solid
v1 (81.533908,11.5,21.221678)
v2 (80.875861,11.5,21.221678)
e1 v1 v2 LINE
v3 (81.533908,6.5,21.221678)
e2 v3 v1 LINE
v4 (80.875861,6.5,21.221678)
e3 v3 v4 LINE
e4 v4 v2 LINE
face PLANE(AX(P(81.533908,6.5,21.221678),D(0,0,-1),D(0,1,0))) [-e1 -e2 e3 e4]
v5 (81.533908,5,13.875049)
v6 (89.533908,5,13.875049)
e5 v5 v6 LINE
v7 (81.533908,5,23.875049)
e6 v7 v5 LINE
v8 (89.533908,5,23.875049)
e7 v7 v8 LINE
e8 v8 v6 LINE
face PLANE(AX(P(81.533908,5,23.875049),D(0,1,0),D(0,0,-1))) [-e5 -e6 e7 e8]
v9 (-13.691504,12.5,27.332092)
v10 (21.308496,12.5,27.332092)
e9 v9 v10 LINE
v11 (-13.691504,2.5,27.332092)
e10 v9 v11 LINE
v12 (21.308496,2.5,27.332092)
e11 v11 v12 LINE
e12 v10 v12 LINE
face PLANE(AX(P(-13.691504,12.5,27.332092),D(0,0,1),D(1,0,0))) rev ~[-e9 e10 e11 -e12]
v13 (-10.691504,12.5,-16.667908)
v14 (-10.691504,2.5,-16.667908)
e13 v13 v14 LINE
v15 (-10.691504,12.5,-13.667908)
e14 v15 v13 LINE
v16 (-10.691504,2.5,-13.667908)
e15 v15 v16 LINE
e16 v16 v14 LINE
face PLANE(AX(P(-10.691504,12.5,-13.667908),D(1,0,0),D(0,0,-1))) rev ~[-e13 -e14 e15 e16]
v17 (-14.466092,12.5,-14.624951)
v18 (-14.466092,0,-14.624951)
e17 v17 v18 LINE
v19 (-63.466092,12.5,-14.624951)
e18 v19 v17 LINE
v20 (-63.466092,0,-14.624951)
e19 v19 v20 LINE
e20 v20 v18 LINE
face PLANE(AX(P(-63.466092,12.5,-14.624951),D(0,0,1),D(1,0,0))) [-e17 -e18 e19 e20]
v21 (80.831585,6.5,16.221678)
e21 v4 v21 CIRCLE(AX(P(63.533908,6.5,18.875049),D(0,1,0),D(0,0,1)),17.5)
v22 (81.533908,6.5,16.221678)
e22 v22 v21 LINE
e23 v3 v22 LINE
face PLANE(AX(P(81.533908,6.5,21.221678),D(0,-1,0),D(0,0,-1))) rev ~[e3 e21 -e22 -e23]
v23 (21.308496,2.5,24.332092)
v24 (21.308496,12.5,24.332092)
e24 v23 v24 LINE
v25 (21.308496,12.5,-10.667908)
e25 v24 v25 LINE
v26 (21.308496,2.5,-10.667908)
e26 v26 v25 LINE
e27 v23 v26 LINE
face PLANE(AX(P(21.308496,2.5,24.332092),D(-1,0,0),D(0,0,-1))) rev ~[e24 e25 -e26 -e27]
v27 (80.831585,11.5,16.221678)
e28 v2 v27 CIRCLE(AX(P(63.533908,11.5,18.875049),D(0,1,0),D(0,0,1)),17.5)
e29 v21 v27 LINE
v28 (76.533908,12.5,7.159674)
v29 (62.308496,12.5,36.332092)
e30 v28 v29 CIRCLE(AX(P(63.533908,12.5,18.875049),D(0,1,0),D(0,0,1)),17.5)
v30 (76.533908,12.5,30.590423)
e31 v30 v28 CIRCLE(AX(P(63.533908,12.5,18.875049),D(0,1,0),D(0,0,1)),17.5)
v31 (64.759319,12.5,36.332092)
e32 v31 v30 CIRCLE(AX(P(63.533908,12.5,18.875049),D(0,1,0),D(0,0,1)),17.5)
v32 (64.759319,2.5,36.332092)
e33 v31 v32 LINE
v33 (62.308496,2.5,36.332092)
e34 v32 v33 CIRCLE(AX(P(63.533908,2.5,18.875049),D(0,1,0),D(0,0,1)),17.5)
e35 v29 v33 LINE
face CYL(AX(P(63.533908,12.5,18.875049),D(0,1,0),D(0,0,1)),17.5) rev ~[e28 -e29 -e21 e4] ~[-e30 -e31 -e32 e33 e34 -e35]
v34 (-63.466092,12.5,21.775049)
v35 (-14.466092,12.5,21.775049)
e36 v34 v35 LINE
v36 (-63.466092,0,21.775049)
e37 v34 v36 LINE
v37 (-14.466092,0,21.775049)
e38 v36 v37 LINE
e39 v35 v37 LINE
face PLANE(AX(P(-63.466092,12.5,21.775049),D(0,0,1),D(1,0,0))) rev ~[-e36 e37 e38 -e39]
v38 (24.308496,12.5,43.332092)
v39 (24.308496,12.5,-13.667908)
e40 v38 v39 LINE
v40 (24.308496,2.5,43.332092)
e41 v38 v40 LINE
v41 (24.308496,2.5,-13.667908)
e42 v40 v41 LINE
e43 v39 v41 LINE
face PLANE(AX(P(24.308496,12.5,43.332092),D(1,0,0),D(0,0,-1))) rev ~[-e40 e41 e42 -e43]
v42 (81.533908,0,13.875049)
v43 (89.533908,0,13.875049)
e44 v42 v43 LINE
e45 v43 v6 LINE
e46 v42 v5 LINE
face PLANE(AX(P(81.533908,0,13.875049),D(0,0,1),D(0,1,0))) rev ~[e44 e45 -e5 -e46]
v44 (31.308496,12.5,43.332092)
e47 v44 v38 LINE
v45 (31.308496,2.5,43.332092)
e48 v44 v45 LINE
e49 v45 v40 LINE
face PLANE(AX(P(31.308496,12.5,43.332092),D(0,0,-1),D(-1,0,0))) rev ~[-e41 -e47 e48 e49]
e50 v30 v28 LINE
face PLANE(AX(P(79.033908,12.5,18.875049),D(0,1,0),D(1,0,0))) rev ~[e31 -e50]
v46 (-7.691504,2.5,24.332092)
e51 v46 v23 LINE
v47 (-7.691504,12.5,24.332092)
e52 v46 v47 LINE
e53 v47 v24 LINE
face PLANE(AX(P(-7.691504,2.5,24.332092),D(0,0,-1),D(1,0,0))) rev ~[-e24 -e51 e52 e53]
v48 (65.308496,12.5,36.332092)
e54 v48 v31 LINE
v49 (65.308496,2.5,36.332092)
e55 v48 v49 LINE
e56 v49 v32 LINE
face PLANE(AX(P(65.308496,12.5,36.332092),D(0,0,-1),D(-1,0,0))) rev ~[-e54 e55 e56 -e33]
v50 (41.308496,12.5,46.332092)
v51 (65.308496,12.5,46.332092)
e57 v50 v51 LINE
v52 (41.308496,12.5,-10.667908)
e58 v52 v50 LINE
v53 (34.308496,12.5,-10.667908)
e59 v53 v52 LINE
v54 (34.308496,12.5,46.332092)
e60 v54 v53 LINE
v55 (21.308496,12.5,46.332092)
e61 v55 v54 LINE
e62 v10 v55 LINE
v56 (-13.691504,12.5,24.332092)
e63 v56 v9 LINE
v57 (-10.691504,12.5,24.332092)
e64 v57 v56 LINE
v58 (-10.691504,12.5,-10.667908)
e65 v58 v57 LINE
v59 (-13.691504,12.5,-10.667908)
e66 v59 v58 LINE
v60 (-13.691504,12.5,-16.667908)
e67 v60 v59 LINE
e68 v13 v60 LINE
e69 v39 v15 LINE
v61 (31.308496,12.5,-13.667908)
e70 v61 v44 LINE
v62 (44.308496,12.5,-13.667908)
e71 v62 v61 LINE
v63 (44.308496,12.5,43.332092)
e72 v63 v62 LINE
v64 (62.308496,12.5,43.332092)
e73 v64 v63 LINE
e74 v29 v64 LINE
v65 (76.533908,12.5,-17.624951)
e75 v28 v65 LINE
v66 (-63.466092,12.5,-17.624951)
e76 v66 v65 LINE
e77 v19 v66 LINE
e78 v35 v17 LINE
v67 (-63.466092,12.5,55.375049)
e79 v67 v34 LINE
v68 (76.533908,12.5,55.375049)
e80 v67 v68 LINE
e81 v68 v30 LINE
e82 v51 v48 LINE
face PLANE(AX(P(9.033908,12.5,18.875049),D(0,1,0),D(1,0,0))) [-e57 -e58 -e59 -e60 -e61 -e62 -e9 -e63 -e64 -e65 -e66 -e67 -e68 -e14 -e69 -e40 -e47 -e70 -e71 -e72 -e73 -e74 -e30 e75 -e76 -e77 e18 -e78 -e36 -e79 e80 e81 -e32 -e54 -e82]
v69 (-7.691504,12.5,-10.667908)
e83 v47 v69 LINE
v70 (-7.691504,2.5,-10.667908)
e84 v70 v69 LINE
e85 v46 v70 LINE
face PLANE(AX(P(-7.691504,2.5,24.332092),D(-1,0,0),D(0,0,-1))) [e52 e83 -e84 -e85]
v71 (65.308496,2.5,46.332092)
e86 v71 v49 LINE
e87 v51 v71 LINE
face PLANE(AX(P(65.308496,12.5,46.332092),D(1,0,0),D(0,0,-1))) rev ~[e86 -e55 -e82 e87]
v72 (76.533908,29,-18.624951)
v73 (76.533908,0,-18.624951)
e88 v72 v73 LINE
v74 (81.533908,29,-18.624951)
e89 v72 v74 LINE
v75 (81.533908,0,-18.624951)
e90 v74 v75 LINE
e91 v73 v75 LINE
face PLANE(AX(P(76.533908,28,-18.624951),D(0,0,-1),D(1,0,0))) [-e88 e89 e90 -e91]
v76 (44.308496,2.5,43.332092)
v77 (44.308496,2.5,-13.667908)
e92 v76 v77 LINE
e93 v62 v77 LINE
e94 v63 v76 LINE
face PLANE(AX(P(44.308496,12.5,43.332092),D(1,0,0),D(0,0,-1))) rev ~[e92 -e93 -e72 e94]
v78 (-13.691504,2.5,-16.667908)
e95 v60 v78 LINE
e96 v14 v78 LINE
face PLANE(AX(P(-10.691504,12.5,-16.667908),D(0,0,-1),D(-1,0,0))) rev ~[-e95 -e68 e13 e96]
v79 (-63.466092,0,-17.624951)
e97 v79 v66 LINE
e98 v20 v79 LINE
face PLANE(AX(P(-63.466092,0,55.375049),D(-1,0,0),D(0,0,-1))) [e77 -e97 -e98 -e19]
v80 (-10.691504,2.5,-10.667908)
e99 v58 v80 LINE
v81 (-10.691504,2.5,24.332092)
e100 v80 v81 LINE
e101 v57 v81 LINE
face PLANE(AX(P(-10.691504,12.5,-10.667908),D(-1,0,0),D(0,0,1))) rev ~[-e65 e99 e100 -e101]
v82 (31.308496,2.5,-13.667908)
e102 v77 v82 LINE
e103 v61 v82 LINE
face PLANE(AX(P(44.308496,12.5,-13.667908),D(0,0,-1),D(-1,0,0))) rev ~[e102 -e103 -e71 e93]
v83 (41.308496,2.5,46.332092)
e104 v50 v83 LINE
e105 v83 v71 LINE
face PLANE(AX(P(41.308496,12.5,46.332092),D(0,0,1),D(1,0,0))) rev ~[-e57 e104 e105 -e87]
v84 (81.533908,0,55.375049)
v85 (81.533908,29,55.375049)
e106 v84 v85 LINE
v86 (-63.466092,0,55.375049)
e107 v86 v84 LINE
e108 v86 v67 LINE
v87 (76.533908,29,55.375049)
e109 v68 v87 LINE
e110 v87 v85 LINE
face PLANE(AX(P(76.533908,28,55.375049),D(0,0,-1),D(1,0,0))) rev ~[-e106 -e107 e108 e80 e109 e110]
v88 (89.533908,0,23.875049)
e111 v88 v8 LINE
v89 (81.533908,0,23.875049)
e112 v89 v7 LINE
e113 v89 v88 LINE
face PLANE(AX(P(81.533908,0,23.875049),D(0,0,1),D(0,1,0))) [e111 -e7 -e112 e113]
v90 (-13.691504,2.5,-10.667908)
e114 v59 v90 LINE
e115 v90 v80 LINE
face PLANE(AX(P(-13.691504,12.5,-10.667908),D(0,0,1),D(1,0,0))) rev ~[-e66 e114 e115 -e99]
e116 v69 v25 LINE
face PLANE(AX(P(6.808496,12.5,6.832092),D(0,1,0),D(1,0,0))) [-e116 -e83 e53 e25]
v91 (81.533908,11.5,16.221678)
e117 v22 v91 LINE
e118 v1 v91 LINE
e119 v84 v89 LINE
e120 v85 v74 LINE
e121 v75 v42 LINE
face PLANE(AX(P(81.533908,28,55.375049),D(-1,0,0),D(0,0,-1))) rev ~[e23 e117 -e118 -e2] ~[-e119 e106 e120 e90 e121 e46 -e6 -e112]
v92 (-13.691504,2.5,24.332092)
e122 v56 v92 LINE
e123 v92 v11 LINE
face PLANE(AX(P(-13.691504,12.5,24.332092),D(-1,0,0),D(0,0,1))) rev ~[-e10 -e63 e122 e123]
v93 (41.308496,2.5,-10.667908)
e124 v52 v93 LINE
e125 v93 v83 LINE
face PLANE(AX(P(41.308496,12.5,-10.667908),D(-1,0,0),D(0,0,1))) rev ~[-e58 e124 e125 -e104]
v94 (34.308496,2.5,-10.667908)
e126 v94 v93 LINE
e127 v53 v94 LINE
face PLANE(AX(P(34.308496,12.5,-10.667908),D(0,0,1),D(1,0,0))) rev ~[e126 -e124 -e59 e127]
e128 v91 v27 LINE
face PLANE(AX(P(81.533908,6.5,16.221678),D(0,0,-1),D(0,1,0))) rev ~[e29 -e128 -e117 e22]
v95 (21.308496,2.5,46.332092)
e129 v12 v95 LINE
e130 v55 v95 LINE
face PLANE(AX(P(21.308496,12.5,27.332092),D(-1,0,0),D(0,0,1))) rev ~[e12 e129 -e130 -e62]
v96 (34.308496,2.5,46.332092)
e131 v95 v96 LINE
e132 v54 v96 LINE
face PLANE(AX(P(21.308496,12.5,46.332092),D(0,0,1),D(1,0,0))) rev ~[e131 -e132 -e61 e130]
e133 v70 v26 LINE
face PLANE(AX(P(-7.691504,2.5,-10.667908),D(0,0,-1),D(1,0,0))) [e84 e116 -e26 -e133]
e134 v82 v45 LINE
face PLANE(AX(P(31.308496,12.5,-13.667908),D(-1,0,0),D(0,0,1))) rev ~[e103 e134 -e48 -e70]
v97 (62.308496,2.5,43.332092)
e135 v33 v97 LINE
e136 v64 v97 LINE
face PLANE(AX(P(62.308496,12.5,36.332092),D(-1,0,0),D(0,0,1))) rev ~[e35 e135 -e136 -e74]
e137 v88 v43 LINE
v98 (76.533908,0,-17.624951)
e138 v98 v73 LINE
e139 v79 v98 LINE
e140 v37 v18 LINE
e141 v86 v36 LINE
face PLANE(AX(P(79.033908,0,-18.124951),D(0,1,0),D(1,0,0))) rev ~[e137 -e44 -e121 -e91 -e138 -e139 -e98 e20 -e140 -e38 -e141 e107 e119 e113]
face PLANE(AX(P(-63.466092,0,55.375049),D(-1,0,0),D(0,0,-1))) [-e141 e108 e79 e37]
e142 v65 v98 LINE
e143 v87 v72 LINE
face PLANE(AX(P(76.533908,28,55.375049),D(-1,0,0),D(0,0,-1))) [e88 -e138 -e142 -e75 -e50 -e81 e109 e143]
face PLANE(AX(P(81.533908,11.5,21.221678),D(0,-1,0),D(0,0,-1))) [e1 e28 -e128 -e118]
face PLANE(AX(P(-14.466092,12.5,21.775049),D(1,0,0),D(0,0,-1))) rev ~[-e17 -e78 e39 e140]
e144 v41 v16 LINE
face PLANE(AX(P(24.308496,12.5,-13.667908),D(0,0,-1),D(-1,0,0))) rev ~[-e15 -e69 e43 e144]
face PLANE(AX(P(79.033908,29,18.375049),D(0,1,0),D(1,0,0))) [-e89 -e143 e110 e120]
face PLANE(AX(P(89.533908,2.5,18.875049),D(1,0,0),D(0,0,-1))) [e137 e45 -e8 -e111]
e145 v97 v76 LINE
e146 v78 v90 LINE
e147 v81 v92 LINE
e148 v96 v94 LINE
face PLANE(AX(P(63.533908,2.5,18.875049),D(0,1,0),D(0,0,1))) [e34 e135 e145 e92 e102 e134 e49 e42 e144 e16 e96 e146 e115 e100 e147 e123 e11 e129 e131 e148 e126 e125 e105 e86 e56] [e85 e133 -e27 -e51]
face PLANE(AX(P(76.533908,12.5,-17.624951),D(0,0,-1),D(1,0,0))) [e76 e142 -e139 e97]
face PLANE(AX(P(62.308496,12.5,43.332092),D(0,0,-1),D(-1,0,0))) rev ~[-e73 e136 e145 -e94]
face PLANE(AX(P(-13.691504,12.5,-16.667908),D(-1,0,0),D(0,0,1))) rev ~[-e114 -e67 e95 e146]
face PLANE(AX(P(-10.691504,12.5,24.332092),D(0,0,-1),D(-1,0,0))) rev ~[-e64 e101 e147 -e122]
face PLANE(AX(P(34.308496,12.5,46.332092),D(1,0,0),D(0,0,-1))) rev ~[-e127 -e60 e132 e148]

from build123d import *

# Parameters (mm, degrees)
SKETCH1_W            = 145
SKETCH1_H            = 73
BOSS_EXTRUDE1_DEPTH  = 12.5
SKETCH2_R            = 17.5
CUT_EXTRUDE1_DEPTH   = 10
SKETCH3_W            = 5
SKETCH3_H            = 5
CUT_EXTRUDE2_DEPTH   = 10
SKETCH4_W            = 10
SKETCH4_H            = 5
BOSS_EXTRUDE2_DEPTH  = 8
SKETCH6_W            = 5
SKETCH6_H            = 73
BOSS_EXTRUDE3_DEPTH  = 15.5
SKETCH7_W            = 49
SKETCH7_H            = 36.4
CUT_EXTRUDE5_DEPTH   = 15.5
SKETCH8_W            = 29
SKETCH8_H            = 35
CUT_EXTRUDE7_DEPTH   = 10
SKETCH9_W            = 29
SKETCH9_H            = 35
BOSS_EXTRUDE4_DEPTH  = 10
SKETCH12_W           = 5
SKETCH12_H           = 1
BOSS_EXTRUDE17_DEPTH = 28
SKETCH13_W           = 5
SKETCH13_H           = 74
BOSS_EXTRUDE18_DEPTH = 1


with BuildPart() as part:
    # Sketch1 → Boss-Extrude1 (new body)
    with BuildSketch(Plane(origin=(0, 0, 0), x_dir=(1, 0, 0), z_dir=(0, 1, 0))):
        with Locations((9.033907784, -18.875048519)):
            Rectangle(SKETCH1_W, SKETCH1_H)
    extrude(amount=BOSS_EXTRUDE1_DEPTH)

    # Sketch2 → Cut-Extrude1 (cut)
    with BuildSketch(Plane(origin=(0, 12.5, 0), x_dir=(1, 0, 0), z_dir=(0, 1, 0))):
        with Locations(Location((63.533907784, -18.875048519, 0), (0, 0, 270))):
            Circle(SKETCH2_R)
    extrude(amount=-CUT_EXTRUDE1_DEPTH, mode=Mode.SUBTRACT)

    # Sketch3 → Cut-Extrude2 (cut)
    with BuildSketch(Plane(origin=(81.533907784, 0, 0), x_dir=(0, 0, -1), z_dir=(1, 0, 0))):
        with Locations((-18.721678118, 9)):
            Rectangle(SKETCH3_W, SKETCH3_H)
    extrude(amount=-CUT_EXTRUDE2_DEPTH, mode=Mode.SUBTRACT)

    # Sketch4 → Boss-Extrude2 (add)
    with BuildSketch(Plane(origin=(81.533907784, 0, 0), x_dir=(0, 0, -1), z_dir=(1, 0, 0))):
        with Locations((-18.875048519, 2.5)):
            Rectangle(SKETCH4_W, SKETCH4_H)
    extrude(amount=BOSS_EXTRUDE2_DEPTH)

    # Sketch6 → Boss-Extrude3 (add)
    with BuildSketch(Plane(origin=(0, 12.5, 0), x_dir=(1, 0, 0), z_dir=(0, 1, 0))):
        with Locations((79.033907784, -18.875048519)):
            Rectangle(SKETCH6_W, SKETCH6_H)
    extrude(amount=BOSS_EXTRUDE3_DEPTH)

    # Sketch7 → Cut-Extrude5 (cut)
    with BuildSketch(Plane(origin=(0, 12.5, 0), x_dir=(1, 0, 0), z_dir=(0, 1, 0))):
        with Locations((-38.966092216, -3.575048519)):
            Rectangle(SKETCH7_W, SKETCH7_H)
    extrude(amount=-CUT_EXTRUDE5_DEPTH, mode=Mode.SUBTRACT)

    # Sketch8 → Cut-Extrude7 (cut)
    # profile 1 of 2: a face of its own
    with BuildSketch(Plane(origin=(0, 12.5, 0), x_dir=(1, 0, 0), z_dir=(0, 1, 0))):
        with BuildLine():
            ThreePointArc((63.533907784, -36.375048519), (62.920825736, -36.364306091), (62.308496373, -36.332091994))
            Line((62.308496373, -36.332091994), (62.308496373, -43.332091994))
            Line((62.308496373, -43.332091994), (44.308496373, -43.332091994))
            Line((44.308496373, -43.332091994), (44.308496373, 13.667908006))
            Line((44.308496373, 13.667908006), (41.308496373, 13.667908006))
            Line((41.308496373, 13.667908006), (31.308496373, 13.667908006))
            Line((31.308496373, 13.667908006), (31.308496373, 10.667908006))
            Line((31.308496373, 10.667908006), (31.308496373, -43.332091994))
            Line((31.308496373, -43.332091994), (24.308496373, -43.332091994))
            Line((24.308496373, -43.332091994), (24.308496373, -27.332091994))
            Line((24.308496373, -27.332091994), (24.308496373, -24.332091994))
            Line((24.308496373, -24.332091994), (24.308496373, 13.667908006))
            Line((24.308496373, 13.667908006), (21.308496373, 13.667908006))
            Line((21.308496373, 13.667908006), (-7.691503627, 13.667908006))
            Line((-7.691503627, 13.667908006), (-10.691503627, 13.667908006))
            Line((-10.691503627, 13.667908006), (-10.691503627, 16.667908006))
            Line((-10.691503627, 16.667908006), (-13.691503627, 16.667908006))
            Line((-13.691503627, 16.667908006), (-13.691503627, 13.667908006))
            Line((-13.691503627, 13.667908006), (-13.691503627, 10.667908006))
            Line((-13.691503627, 10.667908006), (-10.691503627, 10.667908006))
            Line((-10.691503627, 10.667908006), (-10.691503627, -24.332091994))
            Line((-10.691503627, -24.332091994), (-13.691503627, -24.332091994))
            Line((-13.691503627, -24.332091994), (-13.691503627, -27.332091994))
            Line((-13.691503627, -27.332091994), (21.308496373, -27.332091994))
            Line((21.308496373, -27.332091994), (21.308496373, -43.332091994))
            Line((21.308496373, -43.332091994), (21.308496373, -46.332091994))
            Line((21.308496373, -46.332091994), (31.308496373, -46.332091994))
            Line((31.308496373, -46.332091994), (34.308496373, -46.332091994))
            Line((34.308496373, -46.332091994), (34.308496373, 10.667908006))
            Line((34.308496373, 10.667908006), (41.308496373, 10.667908006))
            Line((41.308496373, 10.667908006), (41.308496373, -43.332091994))
            Line((41.308496373, -43.332091994), (41.308496373, -46.332091994))
            Line((41.308496373, -46.332091994), (62.308496373, -46.332091994))
            Line((62.308496373, -46.332091994), (65.308496373, -46.332091994))
            Line((65.308496373, -46.332091994), (65.308496373, -36.332091994))
            Line((65.308496373, -36.332091994), (64.759319195, -36.332091994))
            ThreePointArc((64.759319195, -36.332091994), (64.146989832, -36.364306091), (63.533907784, -36.375048519))
        make_face()
        with Locations((6.808496373, -6.832091994)):
            Rectangle(SKETCH8_W, SKETCH8_H, mode=Mode.SUBTRACT)
    # profile 2 of 2: a face of its own
    with BuildSketch(Plane(origin=(0, 12.5, 0), x_dir=(1, 0, 0), z_dir=(0, 1, 0))):
        with Locations((6.808496373, -6.832091994)):
            Rectangle(SKETCH8_W, SKETCH8_H)
    extrude(amount=-CUT_EXTRUDE7_DEPTH, mode=Mode.SUBTRACT)

    # Sketch9 → Boss-Extrude4 (add)
    with BuildSketch(Plane(origin=(0, 2.5, 0), x_dir=(1, 0, 0), z_dir=(0, 1, 0))):
        with Locations((6.808496373, -6.832091994)):
            Rectangle(SKETCH9_W, SKETCH9_H)
    extrude(amount=BOSS_EXTRUDE4_DEPTH)

    # Sketch12 → Boss-Extrude17 (add)
    with BuildSketch(Plane(origin=(0, 28, 0), x_dir=(1, 0, 0), z_dir=(0, 1, 0))):
        with Locations((79.033907784, 18.124951481)):
            Rectangle(SKETCH12_W, SKETCH12_H)
    extrude(amount=-BOSS_EXTRUDE17_DEPTH)

    # Sketch13 → Boss-Extrude18 (add)
    with BuildSketch(Plane(origin=(0, 28, 0), x_dir=(1, 0, 0), z_dir=(0, 1, 0))):
        with Locations((79.033907784, -18.375048519)):
            Rectangle(SKETCH13_W, SKETCH13_H)
    extrude(amount=BOSS_EXTRUDE18_DEPTH)


solid = part.part
